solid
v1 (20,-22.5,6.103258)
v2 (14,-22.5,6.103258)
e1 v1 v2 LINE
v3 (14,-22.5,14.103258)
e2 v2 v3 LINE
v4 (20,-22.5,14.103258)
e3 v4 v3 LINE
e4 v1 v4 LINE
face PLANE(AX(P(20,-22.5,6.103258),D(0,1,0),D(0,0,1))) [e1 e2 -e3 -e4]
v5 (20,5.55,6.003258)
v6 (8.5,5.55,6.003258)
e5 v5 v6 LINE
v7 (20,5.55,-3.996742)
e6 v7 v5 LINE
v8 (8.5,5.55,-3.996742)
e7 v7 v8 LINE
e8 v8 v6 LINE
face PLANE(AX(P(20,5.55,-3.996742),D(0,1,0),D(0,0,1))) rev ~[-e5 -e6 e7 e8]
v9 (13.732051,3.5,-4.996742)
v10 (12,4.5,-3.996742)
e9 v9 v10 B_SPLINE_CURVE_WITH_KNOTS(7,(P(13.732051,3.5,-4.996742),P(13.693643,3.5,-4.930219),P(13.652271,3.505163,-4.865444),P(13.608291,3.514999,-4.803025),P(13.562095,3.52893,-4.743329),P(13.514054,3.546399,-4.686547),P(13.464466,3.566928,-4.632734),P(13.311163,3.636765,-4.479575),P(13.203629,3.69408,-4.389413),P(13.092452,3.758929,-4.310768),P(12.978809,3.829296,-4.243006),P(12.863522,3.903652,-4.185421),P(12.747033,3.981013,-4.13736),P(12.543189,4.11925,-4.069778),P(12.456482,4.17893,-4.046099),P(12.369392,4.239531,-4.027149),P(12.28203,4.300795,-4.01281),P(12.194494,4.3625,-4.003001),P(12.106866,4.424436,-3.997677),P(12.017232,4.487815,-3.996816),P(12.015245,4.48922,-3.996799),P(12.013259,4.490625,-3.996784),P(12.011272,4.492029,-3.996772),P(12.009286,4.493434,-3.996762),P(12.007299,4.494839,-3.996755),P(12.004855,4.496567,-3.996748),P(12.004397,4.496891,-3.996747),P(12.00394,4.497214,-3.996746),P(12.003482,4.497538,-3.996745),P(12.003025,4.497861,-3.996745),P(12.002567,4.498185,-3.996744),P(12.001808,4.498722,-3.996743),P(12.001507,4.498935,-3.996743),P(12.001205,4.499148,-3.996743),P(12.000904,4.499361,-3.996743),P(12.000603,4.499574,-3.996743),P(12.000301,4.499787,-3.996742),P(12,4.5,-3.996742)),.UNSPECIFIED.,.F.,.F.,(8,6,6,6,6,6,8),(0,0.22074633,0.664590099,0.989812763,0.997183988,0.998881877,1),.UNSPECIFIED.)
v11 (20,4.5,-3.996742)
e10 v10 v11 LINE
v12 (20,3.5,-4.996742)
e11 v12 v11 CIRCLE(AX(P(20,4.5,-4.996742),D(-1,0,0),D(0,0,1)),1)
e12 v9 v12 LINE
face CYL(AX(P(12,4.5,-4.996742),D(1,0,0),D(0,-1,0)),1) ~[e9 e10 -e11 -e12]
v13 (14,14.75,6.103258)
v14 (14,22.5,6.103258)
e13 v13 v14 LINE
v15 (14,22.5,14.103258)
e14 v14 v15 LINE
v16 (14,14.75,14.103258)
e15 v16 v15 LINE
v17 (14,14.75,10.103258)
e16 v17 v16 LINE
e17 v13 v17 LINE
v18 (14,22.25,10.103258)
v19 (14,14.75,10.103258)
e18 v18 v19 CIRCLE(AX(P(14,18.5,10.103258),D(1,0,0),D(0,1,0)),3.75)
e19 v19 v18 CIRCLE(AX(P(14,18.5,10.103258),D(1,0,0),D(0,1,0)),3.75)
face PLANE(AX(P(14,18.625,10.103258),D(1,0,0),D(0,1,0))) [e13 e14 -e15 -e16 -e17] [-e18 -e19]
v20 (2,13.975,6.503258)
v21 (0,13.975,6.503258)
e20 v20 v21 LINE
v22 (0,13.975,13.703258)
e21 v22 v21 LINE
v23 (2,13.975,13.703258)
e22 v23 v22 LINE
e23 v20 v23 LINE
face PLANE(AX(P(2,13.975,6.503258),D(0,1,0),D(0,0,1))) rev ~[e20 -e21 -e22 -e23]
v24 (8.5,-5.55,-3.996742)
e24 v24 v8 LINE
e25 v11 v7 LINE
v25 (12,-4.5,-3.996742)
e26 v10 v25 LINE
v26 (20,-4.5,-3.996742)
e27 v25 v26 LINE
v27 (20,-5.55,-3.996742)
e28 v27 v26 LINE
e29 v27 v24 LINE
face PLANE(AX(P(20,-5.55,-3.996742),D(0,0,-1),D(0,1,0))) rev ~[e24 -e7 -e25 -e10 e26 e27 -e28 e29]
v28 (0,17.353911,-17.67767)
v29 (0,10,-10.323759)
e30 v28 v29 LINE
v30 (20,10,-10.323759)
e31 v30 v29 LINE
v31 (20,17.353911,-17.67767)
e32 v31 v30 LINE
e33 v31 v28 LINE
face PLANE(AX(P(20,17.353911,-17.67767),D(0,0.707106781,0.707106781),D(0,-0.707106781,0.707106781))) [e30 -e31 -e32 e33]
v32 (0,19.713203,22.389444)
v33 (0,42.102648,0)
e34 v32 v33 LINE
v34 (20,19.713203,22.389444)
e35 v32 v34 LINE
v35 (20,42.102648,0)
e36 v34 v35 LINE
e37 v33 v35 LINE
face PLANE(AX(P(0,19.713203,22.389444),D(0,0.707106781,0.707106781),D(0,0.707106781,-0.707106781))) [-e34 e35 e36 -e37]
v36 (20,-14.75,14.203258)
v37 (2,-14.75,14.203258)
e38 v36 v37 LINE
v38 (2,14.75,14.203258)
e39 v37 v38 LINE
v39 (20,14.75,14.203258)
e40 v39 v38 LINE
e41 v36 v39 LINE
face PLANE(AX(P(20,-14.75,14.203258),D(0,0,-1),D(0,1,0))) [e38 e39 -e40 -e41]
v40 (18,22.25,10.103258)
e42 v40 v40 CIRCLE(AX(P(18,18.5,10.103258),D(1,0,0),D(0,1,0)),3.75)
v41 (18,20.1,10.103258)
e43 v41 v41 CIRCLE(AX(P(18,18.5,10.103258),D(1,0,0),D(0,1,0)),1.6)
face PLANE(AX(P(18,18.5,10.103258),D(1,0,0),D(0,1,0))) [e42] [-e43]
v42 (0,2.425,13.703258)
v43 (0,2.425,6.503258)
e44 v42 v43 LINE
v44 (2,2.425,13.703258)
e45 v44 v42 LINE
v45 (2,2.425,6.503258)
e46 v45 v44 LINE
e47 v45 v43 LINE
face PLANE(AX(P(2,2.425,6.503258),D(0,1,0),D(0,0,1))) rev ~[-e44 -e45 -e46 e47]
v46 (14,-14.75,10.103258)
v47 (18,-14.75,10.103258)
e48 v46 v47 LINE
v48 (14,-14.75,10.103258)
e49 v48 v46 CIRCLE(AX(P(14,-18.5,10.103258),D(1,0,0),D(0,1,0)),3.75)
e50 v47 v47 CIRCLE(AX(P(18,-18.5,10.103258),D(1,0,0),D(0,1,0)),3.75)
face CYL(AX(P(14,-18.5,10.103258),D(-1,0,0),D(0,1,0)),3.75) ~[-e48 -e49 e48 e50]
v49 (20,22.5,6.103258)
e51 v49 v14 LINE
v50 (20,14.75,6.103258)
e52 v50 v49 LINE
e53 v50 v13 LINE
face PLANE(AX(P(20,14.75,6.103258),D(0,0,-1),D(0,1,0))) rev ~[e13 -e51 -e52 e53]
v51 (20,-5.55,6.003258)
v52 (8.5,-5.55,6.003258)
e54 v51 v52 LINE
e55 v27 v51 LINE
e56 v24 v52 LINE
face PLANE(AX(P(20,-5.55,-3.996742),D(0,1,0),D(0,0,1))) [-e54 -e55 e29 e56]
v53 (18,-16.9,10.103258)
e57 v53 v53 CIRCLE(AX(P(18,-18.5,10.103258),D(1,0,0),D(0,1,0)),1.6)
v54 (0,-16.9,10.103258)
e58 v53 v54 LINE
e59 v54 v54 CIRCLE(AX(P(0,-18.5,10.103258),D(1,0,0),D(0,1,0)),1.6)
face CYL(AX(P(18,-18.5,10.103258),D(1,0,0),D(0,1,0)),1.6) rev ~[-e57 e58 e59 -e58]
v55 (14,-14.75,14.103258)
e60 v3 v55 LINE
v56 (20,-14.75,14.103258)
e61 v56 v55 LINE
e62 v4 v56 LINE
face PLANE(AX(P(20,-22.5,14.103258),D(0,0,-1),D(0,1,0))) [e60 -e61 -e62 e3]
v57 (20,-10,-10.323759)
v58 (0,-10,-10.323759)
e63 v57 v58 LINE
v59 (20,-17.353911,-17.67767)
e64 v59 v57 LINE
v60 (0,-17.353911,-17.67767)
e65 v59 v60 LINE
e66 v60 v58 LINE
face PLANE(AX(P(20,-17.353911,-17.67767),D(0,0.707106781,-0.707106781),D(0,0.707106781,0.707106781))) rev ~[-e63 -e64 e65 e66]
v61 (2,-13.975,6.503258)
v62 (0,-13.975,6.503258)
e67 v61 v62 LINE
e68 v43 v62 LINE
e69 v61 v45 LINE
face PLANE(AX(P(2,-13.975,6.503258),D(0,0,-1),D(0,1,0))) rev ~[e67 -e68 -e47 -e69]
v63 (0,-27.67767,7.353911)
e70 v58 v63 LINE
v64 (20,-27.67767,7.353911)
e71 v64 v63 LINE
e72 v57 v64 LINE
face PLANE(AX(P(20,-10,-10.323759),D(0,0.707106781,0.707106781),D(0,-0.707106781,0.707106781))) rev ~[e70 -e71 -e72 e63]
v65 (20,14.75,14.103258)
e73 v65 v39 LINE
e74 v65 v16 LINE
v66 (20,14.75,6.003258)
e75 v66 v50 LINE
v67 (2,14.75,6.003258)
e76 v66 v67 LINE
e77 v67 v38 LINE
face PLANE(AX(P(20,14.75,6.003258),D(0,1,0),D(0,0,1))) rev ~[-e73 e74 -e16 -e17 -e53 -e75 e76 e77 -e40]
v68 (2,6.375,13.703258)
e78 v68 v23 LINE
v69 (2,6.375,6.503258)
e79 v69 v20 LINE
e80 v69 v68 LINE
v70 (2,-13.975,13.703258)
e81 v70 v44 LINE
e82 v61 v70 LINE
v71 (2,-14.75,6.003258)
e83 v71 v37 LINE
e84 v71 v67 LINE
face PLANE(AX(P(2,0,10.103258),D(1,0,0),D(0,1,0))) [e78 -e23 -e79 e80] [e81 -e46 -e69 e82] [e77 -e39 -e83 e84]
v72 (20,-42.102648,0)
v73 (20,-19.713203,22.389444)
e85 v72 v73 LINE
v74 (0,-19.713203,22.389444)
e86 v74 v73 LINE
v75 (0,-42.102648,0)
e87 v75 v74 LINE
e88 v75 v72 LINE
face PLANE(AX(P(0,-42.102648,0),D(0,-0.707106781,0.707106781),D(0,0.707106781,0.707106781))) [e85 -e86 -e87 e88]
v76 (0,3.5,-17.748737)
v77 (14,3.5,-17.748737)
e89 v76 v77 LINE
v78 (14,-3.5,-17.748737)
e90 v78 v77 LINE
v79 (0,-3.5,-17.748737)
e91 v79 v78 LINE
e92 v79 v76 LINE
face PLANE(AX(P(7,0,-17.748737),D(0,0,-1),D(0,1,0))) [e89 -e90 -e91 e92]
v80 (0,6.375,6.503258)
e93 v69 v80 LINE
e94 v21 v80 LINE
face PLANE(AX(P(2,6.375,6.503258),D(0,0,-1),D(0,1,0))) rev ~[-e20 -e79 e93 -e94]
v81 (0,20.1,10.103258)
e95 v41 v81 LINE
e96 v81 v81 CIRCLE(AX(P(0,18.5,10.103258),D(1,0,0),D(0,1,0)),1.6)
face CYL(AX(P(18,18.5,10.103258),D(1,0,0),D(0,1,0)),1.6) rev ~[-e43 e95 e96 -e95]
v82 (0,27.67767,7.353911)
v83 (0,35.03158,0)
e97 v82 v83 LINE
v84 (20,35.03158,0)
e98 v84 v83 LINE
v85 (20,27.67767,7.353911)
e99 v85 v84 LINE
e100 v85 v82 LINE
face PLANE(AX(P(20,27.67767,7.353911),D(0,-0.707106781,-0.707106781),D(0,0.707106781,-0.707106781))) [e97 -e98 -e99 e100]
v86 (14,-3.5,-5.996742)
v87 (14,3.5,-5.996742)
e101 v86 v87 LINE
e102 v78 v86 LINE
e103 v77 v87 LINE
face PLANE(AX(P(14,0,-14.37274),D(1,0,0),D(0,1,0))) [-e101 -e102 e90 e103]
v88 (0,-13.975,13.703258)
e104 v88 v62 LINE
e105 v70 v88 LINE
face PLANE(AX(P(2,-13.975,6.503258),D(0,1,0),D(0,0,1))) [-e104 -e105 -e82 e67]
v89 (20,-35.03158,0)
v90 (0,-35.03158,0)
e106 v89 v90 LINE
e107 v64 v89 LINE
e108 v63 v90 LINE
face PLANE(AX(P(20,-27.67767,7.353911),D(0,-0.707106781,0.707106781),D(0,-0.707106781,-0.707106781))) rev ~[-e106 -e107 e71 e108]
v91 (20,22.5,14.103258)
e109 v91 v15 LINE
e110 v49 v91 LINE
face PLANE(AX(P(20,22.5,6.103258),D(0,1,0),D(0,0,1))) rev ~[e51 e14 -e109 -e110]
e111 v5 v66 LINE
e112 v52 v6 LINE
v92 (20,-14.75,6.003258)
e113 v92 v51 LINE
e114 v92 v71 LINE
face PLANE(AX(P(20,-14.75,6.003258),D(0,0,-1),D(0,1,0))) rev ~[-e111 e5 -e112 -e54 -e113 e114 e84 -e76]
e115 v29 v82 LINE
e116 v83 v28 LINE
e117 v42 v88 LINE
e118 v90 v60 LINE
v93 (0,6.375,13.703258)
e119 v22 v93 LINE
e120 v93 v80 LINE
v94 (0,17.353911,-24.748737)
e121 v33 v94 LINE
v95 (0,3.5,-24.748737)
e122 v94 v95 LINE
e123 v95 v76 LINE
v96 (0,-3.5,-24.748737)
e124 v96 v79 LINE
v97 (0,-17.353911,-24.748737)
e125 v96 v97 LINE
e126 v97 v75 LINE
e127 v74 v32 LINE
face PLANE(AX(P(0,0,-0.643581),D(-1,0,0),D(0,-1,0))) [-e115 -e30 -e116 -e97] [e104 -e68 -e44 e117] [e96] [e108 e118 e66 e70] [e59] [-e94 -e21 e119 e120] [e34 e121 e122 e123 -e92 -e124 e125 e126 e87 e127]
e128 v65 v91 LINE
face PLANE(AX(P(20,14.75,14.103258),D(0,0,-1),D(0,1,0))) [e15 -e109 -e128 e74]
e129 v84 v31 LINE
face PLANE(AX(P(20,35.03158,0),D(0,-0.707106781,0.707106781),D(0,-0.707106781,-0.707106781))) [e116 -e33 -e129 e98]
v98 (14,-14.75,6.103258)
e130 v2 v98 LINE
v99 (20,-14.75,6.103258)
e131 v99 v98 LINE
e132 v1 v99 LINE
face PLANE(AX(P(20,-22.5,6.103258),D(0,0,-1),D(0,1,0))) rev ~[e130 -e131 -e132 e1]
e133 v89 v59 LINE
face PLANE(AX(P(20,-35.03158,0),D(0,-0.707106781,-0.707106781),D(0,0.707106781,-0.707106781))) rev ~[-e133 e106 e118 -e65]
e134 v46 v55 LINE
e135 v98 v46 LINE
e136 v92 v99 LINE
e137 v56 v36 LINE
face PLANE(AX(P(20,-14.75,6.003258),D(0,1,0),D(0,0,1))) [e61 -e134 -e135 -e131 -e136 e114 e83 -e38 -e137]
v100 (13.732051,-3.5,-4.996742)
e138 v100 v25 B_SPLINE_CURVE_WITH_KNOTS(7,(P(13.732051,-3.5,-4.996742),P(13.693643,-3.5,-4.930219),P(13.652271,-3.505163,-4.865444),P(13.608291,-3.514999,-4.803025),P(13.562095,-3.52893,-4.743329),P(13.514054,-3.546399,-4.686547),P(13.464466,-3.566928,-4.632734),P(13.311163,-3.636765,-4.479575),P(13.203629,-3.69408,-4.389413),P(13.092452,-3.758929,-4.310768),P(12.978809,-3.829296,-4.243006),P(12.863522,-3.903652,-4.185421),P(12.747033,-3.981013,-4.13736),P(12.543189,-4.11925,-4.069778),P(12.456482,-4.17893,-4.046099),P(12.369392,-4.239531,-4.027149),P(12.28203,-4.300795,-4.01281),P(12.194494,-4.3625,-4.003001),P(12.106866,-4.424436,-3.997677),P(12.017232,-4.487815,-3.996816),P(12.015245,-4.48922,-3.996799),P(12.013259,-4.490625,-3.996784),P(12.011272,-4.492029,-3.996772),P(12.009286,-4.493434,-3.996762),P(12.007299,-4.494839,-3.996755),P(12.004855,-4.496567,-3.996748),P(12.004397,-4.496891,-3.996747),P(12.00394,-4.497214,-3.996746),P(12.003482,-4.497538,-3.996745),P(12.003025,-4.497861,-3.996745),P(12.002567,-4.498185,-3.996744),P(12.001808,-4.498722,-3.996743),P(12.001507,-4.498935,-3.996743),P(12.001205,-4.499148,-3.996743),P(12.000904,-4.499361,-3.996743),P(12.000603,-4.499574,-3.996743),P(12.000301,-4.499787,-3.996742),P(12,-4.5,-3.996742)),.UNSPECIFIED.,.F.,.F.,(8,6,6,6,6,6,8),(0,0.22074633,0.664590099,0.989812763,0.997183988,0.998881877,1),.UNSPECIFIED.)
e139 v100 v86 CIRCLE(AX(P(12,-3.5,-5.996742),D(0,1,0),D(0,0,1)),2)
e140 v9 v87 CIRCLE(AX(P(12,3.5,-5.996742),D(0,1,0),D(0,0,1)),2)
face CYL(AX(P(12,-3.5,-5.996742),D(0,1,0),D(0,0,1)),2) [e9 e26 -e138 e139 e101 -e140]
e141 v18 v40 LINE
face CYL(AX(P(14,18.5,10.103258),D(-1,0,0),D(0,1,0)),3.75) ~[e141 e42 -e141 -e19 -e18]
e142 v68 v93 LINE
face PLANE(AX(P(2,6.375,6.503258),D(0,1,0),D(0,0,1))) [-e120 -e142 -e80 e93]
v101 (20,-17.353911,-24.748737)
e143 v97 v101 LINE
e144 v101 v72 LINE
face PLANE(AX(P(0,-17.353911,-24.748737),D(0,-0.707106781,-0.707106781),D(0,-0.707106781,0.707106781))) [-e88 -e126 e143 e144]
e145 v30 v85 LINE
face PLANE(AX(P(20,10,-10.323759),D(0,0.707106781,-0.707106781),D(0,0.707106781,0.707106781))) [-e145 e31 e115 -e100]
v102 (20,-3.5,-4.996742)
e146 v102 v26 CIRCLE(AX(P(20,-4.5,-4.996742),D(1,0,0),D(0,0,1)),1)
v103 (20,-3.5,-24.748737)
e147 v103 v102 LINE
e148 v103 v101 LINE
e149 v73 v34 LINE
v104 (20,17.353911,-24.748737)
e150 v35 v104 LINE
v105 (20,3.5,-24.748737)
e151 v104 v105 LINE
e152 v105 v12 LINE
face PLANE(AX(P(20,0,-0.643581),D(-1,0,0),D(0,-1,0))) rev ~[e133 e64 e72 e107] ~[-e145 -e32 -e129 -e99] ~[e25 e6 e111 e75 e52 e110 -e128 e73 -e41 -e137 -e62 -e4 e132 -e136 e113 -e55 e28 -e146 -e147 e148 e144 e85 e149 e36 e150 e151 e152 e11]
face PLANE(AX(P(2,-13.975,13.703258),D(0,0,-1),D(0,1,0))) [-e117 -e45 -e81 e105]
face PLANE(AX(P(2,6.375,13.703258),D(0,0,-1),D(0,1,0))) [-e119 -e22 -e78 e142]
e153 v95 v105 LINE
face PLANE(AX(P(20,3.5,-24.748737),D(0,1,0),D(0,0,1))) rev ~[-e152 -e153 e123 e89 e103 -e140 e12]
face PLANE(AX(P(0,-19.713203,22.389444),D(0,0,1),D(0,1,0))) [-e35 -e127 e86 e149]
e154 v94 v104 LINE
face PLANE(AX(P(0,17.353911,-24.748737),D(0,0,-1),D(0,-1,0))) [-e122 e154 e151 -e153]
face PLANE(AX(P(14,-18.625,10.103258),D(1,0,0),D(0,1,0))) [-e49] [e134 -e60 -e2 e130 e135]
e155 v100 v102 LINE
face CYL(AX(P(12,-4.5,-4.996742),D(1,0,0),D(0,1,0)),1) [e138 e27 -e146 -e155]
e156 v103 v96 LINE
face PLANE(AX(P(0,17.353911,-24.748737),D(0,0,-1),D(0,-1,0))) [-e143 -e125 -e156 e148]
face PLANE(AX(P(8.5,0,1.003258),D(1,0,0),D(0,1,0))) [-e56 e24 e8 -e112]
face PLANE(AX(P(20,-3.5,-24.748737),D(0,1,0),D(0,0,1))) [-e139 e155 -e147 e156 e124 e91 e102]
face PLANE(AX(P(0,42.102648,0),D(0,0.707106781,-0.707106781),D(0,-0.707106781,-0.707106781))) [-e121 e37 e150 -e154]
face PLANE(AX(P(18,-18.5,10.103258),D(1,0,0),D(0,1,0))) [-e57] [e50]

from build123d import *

# Parameters (mm, degrees)
PAD_DEPTH       = 20
POCKET_DEPTH    = 20
SKETCH002_W     = 29.5
SKETCH002_H     = 8.2
POCKET001_DEPTH = 18
SKETCH003_W     = 16.4
SKETCH003_H     = 7.2
SKETCH003_W_2   = 7.6
POCKET002_DEPTH = 5
SKETCH004_W     = 11.1
SKETCH004_H     = 10
POCKET003_DEPTH = 11.5
SKETCH005_W     = 7
SKETCH005_H     = 20.7519948728
POCKET004_DEPTH = 6
FILLET_R        = 2
FILLET001_R     = 1
FILLET002_R     = 1
SKETCH007_W     = 7
SKETCH007_H     = 14
POCKET005_DEPTH = 7
SKETCH008_W     = 7.75
SKETCH008_H     = 8
POCKET006_DEPTH = 6
SKETCH009_R     = 3.75
PAD001_DEPTH    = 4
SKETCH010_R     = 1.6
POCKET007_DEPTH = 20
SKETCH011_W     = 7.75
SKETCH011_H     = 8
POCKET008_DEPTH = 6
SKETCH012_R     = 3.75
PAD002_DEPTH    = 4
SKETCH013_R     = 1.6
POCKET009_DEPTH = 20


with BuildPart() as part:
    # Sketch → Pad (new body)
    with BuildSketch(Plane.YZ):
        Polygon((-19.7132034356, 22.3894444303), (19.7132034356, 22.3894444303), (42.1026478659, 0), (17.3539105243, -24.7487373415), (-17.3539105243, -24.7487373415), (-42.1026478659, 0), align=None)
    extrude(amount=PAD_DEPTH)

    # Sketch001 (on Face8 of Pad) → Pocket (cut)
    with BuildSketch(Plane.YZ.offset(20)):
        Polygon((-35.031580054, 0), (-17.3539105243, -17.6776695297), (-10, -10.3237590053), (-27.6776695297, 7.3539105243), align=None)
        Polygon((10, -10.3237590053), (27.6776695297, 7.3539105243), (35.031580054, 0), (17.3539105243, -17.6776695297), align=None)
    extrude(amount=-POCKET_DEPTH, mode=Mode.SUBTRACT)

    # Sketch002 (on Face5 of Pocket) → Pocket001 (cut)
    with BuildSketch(Plane.YZ.offset(20)):
        with Locations((0, 10.1032575313)):
            Rectangle(SKETCH002_W, SKETCH002_H)
    extrude(amount=-POCKET001_DEPTH, mode=Mode.SUBTRACT)

    # Sketch003 (on Face21 of Pocket001) → Pocket002 (cut)
    with BuildSketch(Plane.YZ.offset(2)):
        with Locations((-5.775, 10.1032575313)):
            Rectangle(SKETCH003_W, SKETCH003_H)
        with Locations((10.175, 10.1032575313)):
            Rectangle(SKETCH003_W_2, SKETCH003_H)
    extrude(amount=-POCKET002_DEPTH, mode=Mode.SUBTRACT)

    # Sketch004 (on Face5 of Pocket002) → Pocket003 (cut)
    with BuildSketch(Plane.YZ.offset(20)):
        with Locations((0, 1.0032575313)):
            Rectangle(SKETCH004_W, SKETCH004_H)
    extrude(amount=-POCKET003_DEPTH, mode=Mode.SUBTRACT)

    # Sketch005 (on Face5 of Pocket003) → Pocket004 (cut)
    with BuildSketch(Plane.YZ.offset(20)):
        with Locations((0, -14.3727399051)):
            Rectangle(SKETCH005_W, SKETCH005_H)
    extrude(amount=-POCKET004_DEPTH, mode=Mode.SUBTRACT)

    # Fillet
    fillet_edges = [part.edges().sort_by_distance(p)[0] for p in [
        (14, 0, -3.996742),
    ]]
    fillet(fillet_edges, radius=FILLET_R)

    # Fillet001
    fillet001_edges = [part.edges().sort_by_distance(p)[0] for p in [
        (17, -3.5, -3.996742),
    ]]
    fillet(fillet001_edges, radius=FILLET001_R)

    # Fillet002
    fillet002_edges = [part.edges().sort_by_distance(p)[0] for p in [
        (17, 3.5, -3.996742),
    ]]
    fillet(fillet002_edges, radius=FILLET002_R)

    # Sketch007 (on Face9 of Fillet002) → Pocket005 (cut)
    with BuildSketch(Plane.YX.offset(24.7487373415)):
        with Locations((0, 7)):
            Rectangle(SKETCH007_W, SKETCH007_H)
    extrude(amount=-POCKET005_DEPTH, mode=Mode.SUBTRACT)

    # Sketch008 (on Face11 of Pocket005) → Pocket006 (cut)
    with BuildSketch(Plane.YZ.offset(20)):
        with Locations((-18.625, 10.1032575313)):
            Rectangle(SKETCH008_W, SKETCH008_H)
    extrude(amount=-POCKET006_DEPTH, mode=Mode.SUBTRACT)

    # Sketch009 (on Face49 of Pocket006) → Pad001 (join)
    with BuildSketch(Plane.YZ.offset(14)):
        with Locations((-18.5, 10.1032575313)):
            Circle(SKETCH009_R)
    extrude(amount=PAD001_DEPTH)

    # Sketch010 (on Face51 of Pad001) → Pocket007 (cut)
    with BuildSketch(Plane.YZ.offset(18)):
        with Locations((-18.5, 10.1032575313)):
            Circle(SKETCH010_R)
    extrude(amount=-POCKET007_DEPTH, mode=Mode.SUBTRACT)

    # Sketch011 (on Face11 of Pocket007) → Pocket008 (cut)
    with BuildSketch(Plane.YZ.offset(20)):
        with Locations((18.625, 10.1032575313)):
            Rectangle(SKETCH011_W, SKETCH011_H)
    extrude(amount=-POCKET008_DEPTH, mode=Mode.SUBTRACT)

    # Sketch012 (on Face54 of Pocket008) → Pad002 (join)
    with BuildSketch(Plane.YZ.offset(14)):
        with Locations((18.5, 10.1032575313)):
            Circle(SKETCH012_R)
    extrude(amount=PAD002_DEPTH)

    # Sketch013 (on Face58 of Pad002) → Pocket009 (cut)
    with BuildSketch(Plane.YZ.offset(18)):
        with Locations((18.5, 10.1032575313)):
            Circle(SKETCH013_R)
    extrude(amount=-POCKET009_DEPTH, mode=Mode.SUBTRACT)


solid = part.part
